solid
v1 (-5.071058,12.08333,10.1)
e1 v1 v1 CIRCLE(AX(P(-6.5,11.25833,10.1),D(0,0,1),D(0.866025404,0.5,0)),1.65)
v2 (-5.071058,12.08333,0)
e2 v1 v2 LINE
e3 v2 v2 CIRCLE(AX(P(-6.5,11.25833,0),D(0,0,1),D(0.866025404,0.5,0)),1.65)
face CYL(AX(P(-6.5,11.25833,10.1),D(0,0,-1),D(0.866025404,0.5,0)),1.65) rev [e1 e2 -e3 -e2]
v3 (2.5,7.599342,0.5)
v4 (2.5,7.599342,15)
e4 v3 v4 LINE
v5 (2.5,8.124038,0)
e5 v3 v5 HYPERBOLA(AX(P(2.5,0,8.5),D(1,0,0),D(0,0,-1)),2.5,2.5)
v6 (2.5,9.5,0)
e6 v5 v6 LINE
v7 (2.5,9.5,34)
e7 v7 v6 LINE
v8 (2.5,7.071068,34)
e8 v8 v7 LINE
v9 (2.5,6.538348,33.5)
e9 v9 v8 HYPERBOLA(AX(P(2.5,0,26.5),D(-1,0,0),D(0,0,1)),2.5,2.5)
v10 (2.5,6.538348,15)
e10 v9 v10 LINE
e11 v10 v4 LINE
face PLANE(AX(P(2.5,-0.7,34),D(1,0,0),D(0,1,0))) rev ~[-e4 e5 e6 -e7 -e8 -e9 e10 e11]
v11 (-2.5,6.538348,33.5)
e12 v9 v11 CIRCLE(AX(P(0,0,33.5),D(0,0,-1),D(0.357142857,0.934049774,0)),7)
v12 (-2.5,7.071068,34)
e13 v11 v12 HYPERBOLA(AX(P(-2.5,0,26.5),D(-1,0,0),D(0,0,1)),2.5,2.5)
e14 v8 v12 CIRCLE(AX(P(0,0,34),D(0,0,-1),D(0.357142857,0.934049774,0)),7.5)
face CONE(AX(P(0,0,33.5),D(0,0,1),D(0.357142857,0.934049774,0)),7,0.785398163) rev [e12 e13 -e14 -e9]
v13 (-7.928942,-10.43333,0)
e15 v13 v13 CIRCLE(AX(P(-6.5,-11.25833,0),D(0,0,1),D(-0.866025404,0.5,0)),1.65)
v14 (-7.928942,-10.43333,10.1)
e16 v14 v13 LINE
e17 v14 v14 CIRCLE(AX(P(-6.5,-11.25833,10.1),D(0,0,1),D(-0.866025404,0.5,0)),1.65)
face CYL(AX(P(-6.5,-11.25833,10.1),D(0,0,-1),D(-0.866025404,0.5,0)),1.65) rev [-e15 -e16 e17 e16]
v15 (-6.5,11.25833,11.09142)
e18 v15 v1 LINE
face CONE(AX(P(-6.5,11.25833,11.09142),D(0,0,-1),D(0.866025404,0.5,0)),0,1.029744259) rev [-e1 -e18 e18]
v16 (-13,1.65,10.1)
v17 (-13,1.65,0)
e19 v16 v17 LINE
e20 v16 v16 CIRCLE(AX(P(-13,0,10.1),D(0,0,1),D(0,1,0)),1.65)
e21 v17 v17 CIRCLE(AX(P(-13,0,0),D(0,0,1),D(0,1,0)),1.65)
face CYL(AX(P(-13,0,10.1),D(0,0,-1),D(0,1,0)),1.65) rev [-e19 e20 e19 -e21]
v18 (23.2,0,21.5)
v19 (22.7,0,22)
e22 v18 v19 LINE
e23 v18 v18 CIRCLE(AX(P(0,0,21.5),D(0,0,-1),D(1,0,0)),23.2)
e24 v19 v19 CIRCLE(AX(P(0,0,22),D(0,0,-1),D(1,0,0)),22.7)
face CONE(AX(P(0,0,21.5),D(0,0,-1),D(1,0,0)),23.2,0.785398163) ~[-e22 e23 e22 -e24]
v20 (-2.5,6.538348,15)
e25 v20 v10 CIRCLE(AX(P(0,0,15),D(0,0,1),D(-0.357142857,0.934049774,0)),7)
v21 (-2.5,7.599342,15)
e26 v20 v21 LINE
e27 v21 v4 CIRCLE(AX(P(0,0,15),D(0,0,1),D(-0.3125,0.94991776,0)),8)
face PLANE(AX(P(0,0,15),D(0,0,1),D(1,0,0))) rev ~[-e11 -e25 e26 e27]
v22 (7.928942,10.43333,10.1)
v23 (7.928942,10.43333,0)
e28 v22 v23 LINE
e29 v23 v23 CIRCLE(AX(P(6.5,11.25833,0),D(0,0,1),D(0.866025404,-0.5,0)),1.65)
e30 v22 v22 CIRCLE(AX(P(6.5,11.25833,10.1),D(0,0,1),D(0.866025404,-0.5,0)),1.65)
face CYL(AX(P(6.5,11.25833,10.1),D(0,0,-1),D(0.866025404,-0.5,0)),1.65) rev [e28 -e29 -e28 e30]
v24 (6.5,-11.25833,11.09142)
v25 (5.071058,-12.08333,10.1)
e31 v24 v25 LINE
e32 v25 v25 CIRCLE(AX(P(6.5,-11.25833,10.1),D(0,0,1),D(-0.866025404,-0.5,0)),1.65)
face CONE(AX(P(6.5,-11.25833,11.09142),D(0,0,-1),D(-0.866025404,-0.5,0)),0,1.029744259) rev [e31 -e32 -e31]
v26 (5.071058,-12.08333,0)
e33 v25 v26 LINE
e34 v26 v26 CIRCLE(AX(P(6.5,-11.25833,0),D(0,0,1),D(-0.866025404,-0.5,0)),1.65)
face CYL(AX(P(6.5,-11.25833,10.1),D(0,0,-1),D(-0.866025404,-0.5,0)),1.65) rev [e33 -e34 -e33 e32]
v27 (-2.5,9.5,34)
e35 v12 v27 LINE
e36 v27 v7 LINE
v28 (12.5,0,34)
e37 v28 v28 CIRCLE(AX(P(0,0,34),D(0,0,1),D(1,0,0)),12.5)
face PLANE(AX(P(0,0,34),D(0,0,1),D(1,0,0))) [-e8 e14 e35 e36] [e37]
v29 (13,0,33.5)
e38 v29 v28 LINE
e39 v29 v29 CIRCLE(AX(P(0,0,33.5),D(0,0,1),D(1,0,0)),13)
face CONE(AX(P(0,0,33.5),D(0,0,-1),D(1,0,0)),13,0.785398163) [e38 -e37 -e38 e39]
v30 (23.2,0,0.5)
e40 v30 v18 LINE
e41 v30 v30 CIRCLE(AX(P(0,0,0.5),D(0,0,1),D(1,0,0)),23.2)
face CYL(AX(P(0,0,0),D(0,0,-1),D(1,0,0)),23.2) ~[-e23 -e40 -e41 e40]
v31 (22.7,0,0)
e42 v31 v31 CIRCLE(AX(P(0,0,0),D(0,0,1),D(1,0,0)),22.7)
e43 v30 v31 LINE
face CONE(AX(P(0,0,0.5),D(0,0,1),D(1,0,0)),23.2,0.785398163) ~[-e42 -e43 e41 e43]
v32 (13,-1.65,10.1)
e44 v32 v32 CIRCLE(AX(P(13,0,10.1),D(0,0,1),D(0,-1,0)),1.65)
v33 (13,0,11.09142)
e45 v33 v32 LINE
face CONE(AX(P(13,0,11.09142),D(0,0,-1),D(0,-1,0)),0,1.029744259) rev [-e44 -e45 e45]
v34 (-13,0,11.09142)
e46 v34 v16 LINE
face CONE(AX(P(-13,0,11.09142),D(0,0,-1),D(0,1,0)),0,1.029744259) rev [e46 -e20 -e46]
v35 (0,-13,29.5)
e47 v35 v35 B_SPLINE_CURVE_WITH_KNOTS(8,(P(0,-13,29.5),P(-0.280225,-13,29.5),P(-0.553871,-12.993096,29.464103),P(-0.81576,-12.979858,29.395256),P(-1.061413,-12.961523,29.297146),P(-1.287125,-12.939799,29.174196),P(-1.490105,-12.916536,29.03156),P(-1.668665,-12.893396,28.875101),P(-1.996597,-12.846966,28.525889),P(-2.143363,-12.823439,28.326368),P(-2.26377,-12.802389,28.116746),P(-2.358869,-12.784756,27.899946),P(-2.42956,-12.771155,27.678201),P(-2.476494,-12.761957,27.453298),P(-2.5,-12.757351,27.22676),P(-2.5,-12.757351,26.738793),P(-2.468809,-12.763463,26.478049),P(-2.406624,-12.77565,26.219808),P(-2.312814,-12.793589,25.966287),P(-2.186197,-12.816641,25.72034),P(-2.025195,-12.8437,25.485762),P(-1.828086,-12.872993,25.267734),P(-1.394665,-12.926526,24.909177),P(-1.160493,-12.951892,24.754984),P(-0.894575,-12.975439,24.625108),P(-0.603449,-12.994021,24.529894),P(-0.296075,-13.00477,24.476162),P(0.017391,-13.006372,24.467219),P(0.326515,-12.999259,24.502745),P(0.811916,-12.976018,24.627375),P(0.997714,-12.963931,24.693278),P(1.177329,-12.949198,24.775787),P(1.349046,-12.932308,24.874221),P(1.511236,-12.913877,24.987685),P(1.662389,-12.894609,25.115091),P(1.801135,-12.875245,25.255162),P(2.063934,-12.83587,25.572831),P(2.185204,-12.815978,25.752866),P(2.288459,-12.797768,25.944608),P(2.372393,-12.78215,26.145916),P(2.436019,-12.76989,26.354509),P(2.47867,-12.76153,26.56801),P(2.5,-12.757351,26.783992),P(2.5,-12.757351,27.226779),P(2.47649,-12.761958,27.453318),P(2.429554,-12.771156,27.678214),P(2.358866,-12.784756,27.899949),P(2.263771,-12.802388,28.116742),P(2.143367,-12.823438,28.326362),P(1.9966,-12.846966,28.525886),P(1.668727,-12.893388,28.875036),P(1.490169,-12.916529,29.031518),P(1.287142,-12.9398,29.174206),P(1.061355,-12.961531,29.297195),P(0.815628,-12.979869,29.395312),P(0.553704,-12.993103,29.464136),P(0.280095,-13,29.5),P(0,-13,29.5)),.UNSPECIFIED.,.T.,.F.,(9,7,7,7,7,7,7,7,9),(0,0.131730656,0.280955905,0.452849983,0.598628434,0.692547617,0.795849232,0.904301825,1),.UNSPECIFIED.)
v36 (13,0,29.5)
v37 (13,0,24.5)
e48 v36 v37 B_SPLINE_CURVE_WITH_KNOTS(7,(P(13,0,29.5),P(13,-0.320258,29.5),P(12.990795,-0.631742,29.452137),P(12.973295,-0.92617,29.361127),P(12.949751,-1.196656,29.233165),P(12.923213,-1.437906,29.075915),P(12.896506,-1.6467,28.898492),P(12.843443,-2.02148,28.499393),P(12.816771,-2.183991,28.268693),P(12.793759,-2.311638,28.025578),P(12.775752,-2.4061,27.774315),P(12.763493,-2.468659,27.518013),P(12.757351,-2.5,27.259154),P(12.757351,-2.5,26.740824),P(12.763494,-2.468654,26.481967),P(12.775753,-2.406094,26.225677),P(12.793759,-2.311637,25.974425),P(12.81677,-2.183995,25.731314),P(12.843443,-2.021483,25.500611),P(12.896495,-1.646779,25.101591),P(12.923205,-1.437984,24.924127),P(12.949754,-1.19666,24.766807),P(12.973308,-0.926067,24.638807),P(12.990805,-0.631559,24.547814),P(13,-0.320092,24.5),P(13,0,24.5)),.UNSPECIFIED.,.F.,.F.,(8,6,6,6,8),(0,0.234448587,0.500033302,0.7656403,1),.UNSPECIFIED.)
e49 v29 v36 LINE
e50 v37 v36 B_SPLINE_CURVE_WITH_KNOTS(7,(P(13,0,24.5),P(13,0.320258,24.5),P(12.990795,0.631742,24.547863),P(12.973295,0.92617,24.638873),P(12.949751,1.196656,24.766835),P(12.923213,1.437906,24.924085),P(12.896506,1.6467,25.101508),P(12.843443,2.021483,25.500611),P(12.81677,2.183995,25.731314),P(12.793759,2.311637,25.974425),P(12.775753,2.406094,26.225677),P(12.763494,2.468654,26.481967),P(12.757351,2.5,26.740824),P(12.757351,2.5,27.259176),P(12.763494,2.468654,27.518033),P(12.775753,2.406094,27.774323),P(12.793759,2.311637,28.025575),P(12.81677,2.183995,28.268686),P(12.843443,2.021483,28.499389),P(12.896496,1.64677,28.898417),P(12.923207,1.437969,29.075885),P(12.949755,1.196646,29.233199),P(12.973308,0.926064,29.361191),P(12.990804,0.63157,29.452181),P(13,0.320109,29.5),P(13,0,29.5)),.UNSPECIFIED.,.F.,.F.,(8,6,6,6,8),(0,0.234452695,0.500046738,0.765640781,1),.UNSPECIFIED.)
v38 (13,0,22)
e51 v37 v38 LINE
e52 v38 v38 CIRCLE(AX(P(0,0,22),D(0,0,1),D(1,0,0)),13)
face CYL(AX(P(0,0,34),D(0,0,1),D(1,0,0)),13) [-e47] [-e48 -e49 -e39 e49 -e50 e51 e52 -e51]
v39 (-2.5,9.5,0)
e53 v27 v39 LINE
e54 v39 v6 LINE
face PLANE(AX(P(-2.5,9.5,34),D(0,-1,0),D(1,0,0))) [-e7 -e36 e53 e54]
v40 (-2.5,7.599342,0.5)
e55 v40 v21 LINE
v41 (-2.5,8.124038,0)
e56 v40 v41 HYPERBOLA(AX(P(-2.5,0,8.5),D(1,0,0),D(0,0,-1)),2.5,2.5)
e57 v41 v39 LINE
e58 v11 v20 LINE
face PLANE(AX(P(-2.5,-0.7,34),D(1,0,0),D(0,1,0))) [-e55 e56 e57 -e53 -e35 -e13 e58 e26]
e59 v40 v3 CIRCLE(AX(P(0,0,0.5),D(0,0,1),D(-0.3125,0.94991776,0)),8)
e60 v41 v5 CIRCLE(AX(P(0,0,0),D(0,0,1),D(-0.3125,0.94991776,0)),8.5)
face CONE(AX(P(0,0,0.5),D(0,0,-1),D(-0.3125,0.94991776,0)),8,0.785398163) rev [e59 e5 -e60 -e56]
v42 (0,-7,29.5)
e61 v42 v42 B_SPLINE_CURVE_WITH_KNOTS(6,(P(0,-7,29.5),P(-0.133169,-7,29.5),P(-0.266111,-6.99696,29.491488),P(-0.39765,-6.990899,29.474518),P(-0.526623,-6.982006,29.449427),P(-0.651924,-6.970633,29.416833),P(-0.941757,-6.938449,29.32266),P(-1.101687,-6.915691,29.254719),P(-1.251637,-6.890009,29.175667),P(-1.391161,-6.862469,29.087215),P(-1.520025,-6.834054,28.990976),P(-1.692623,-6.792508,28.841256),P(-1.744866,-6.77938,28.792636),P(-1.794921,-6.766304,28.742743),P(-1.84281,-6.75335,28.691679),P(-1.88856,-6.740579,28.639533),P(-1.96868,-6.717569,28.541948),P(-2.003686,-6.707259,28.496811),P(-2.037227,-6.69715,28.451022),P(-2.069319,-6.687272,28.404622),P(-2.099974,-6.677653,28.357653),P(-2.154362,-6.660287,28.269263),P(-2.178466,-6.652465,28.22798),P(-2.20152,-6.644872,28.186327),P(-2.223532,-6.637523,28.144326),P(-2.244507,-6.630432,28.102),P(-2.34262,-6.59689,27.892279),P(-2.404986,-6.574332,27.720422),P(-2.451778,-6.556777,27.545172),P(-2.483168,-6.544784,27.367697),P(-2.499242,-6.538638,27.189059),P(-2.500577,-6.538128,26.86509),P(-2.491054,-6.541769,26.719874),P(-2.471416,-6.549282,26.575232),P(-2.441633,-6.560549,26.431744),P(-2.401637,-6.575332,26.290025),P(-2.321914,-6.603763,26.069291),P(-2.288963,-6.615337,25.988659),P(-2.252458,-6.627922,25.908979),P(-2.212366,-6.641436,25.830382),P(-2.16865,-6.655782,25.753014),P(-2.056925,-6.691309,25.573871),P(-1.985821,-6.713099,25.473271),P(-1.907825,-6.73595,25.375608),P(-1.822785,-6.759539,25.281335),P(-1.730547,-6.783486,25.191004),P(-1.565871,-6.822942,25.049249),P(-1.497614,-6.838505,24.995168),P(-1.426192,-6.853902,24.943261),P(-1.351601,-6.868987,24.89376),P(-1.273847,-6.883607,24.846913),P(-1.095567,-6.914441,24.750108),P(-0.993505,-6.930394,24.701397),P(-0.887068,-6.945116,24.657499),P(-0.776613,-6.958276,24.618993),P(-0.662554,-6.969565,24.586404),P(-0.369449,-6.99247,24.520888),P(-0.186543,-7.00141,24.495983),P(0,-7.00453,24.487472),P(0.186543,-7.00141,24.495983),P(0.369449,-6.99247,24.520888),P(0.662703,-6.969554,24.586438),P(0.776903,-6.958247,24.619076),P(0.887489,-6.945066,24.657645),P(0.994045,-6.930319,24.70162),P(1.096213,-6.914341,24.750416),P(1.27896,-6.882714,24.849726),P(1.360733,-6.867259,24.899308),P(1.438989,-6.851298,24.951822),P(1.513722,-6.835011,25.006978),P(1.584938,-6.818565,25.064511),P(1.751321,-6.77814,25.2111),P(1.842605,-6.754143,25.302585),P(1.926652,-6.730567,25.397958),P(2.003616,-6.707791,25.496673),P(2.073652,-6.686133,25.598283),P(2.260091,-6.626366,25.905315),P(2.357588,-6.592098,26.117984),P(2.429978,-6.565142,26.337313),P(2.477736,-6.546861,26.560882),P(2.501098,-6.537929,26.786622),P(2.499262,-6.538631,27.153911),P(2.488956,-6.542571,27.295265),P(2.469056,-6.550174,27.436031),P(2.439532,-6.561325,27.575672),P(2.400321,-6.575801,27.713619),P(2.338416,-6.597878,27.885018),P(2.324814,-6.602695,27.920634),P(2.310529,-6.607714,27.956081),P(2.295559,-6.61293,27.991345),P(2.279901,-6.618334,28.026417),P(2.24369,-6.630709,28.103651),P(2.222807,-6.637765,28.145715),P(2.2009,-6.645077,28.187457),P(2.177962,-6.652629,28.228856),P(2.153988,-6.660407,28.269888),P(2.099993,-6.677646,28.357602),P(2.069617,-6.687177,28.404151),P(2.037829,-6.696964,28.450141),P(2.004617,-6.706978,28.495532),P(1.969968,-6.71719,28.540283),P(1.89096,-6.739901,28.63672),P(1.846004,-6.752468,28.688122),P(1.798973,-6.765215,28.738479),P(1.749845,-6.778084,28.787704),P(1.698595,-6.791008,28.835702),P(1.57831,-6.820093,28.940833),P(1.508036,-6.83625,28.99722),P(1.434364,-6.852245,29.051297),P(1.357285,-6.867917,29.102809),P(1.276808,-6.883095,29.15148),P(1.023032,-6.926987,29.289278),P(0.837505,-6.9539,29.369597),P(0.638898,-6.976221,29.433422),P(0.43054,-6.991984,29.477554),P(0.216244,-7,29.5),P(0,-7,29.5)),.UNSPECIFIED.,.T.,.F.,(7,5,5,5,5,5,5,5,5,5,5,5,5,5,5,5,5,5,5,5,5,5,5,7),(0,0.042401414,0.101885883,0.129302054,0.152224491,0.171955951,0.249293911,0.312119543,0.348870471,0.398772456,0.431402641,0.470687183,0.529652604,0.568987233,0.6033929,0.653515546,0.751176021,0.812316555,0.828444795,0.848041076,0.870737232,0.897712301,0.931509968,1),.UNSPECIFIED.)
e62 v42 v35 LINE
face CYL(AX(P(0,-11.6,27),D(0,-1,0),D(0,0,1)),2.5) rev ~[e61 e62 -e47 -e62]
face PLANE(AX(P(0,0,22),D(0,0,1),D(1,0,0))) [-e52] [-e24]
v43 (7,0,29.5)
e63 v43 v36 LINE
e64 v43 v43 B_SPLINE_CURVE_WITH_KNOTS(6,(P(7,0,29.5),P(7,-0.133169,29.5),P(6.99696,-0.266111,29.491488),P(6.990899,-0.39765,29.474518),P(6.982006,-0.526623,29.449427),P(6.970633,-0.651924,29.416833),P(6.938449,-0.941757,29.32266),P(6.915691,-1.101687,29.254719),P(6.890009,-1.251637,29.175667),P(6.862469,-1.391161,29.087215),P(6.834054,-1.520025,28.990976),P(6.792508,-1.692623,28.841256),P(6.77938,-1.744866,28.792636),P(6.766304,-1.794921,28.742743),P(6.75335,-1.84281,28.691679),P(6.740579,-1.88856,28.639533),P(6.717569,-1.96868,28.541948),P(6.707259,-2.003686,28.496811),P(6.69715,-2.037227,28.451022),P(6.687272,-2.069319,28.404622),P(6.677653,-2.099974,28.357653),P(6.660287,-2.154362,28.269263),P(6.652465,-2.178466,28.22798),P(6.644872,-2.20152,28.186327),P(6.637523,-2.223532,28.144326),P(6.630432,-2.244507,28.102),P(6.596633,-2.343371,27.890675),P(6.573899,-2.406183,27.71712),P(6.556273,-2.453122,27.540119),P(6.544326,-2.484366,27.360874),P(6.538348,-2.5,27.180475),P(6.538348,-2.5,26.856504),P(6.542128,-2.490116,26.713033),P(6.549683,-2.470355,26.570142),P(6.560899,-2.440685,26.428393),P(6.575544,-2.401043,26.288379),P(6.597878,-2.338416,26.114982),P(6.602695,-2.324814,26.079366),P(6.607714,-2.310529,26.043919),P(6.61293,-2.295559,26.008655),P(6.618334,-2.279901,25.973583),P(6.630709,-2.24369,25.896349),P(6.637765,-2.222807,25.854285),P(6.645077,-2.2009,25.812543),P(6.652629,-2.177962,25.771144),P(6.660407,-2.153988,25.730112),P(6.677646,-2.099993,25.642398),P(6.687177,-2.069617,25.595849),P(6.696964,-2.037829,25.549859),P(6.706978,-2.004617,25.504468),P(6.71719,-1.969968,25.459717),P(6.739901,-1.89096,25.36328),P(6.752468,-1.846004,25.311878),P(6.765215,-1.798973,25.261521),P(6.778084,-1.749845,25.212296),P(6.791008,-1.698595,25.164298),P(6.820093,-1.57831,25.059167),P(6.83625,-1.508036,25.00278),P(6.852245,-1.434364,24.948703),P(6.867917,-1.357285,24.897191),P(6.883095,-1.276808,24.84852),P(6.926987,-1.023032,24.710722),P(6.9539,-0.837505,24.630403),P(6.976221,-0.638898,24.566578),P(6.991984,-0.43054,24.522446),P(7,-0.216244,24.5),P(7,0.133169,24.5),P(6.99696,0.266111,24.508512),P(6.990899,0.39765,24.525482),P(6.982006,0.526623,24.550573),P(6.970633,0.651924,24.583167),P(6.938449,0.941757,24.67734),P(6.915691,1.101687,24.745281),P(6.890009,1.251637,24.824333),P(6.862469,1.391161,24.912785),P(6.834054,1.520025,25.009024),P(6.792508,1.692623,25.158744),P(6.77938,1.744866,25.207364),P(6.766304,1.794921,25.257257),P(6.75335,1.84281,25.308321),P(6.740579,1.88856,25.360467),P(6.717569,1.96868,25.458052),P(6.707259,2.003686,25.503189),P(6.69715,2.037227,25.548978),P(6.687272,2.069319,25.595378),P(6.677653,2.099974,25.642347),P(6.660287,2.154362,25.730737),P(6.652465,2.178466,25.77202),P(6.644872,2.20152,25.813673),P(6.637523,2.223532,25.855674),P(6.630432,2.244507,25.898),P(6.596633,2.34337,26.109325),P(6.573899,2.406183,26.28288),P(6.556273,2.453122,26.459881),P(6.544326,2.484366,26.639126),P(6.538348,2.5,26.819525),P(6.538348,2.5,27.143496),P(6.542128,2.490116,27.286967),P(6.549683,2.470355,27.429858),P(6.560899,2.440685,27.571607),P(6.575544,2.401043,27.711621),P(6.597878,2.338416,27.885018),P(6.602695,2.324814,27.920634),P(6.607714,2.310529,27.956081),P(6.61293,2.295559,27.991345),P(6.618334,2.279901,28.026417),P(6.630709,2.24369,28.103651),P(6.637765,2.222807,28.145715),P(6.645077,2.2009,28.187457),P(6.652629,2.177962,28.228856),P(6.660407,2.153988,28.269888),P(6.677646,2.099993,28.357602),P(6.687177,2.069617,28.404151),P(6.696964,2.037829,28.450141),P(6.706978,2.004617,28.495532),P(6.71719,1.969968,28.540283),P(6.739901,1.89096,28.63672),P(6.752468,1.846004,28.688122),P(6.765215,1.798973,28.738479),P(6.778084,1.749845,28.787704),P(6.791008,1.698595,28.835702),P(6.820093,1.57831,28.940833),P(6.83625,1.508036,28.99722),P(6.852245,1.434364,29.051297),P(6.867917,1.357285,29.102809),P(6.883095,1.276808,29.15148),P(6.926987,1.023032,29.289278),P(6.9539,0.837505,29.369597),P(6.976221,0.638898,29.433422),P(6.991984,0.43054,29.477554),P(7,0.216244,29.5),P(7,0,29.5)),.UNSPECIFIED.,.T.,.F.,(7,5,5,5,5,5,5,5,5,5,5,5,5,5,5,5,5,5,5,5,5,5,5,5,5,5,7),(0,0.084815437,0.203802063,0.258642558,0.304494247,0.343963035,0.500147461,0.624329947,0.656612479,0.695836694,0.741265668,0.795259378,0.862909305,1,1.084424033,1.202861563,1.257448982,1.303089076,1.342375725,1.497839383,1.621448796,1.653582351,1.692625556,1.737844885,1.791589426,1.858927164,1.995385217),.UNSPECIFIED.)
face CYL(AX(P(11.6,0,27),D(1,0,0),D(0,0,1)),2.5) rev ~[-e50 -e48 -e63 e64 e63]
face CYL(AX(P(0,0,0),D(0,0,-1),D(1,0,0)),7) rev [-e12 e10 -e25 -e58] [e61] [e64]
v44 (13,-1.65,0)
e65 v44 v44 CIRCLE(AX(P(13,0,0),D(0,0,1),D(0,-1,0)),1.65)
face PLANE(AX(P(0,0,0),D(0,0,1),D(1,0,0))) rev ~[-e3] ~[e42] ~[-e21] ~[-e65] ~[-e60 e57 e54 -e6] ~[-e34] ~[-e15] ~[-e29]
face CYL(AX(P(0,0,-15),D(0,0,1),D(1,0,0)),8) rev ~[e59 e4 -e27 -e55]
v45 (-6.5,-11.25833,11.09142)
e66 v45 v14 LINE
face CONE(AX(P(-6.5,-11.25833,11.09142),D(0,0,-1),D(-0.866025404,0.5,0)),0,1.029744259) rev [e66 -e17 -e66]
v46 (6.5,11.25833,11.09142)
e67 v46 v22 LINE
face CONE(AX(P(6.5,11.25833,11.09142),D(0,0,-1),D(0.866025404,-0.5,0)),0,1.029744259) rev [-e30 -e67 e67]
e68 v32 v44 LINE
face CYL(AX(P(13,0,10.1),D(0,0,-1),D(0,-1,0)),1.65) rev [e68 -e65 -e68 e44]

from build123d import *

# Parameters (mm, degrees)
SKETCH_1_R               = 23.2
SKETCH_1_R_2             = 7
EXTRUDE_1_DEPTH          = 34
SKETCH_2_R               = 34.674614003
SKETCH_2_R_2             = 13
CUT_EXTRUDE_1_DEPTH      = 12
HOLE_WIZARD_1_D          = 16
HOLE_WIZARD_1_DEPTH      = 15
SKETCH_3_W               = 5
SKETCH_3_H               = 10.2
CUT_EXTRUDE_2_DEPTH      = 48.249126976
SKETCH_4_W               = 2.5
SKETCH_4_H               = 23.2
PATTERN_CIRCULAR_2_COUNT = 6
PATTERN_CIRCULAR_1_COUNT = 2
PATTERN_CIRCULAR_1_ANGLE = 90
CHAMFER_1_SIZE           = 0.5


with BuildPart() as part:
    # 草图1 → 凸台-拉伸1 (new body)
    with BuildSketch(Plane.XY):
        Circle(SKETCH_1_R)
        Circle(SKETCH_1_R_2, mode=Mode.SUBTRACT)
    extrude(amount=EXTRUDE_1_DEPTH)

    # 草图2 → 切除-拉伸1 (cut)
    with BuildSketch(Plane.XY.offset(34)):
        Circle(SKETCH_2_R)
        Circle(SKETCH_2_R_2, mode=Mode.SUBTRACT)
    extrude(amount=-CUT_EXTRUDE_1_DEPTH, mode=Mode.SUBTRACT)

    # 孔1
    with Locations(Plane(origin=(0, 0, 0), x_dir=(-1, 0, 0), z_dir=(0, 0, -1))):
        with Locations((0, 0)):
            Hole(HOLE_WIZARD_1_D / 2, depth=HOLE_WIZARD_1_DEPTH)

    # 草图3 → 切除-拉伸2 (cut, through all)
    with BuildSketch(Plane.XY.offset(34)):
        with Locations((0, 4.4)):
            Rectangle(SKETCH_3_W, SKETCH_3_H)
    extrude(amount=-CUT_EXTRUDE_2_DEPTH, mode=Mode.SUBTRACT)

    # 草图4 → M6 螺纹孔1 (revolve, cut)
    with BuildSketch(Plane(origin=(0, 0, 27), x_dir=(0, 0, 1), z_dir=(1, 0, 0))):
        with Locations((1.25, 11.6)):
            Rectangle(SKETCH_4_W, SKETCH_4_H)
    hole_wizard_m6_1 = revolve(axis=Axis((0, 6.35, 27), (0, -1, 0)), mode=Mode.SUBTRACT)

    # 草图8 → M4 螺纹孔1 (revolve, cut)
    with BuildSketch(Plane.YZ.offset(-13)):
        Polygon((0, 0), (0, 11.091420021), (1.65, 10.1), (1.65, 0), align=None)
    hole_wizard_m4_1 = revolve(axis=Axis((-13, 0, -6.35), (0, 0, 1)), mode=Mode.SUBTRACT)

    # 阵列(圆周)2: M4 螺纹孔1 ×6 about axis
    pattern_circular_2_axis = Axis((0, 0, 0), (0, 0, 1))
    for i in range(1, PATTERN_CIRCULAR_2_COUNT):
        add(hole_wizard_m4_1.rotate(pattern_circular_2_axis, i * 360 / PATTERN_CIRCULAR_2_COUNT), mode=Mode.SUBTRACT)

    # 阵列(圆周)1: M6 螺纹孔1 ×2 about axis
    pattern_circular_1_axis = Axis((0, 0, 22), (0, 0, 1))
    for i in range(1, PATTERN_CIRCULAR_1_COUNT):
        add(hole_wizard_m6_1.rotate(pattern_circular_1_axis, i * PATTERN_CIRCULAR_1_ANGLE / (PATTERN_CIRCULAR_1_COUNT - 1)), mode=Mode.SUBTRACT)

    # 倒角1
    chamfer_1_edges = [part.edges().sort_by_distance(p)[0] for p in [
        (-23.2, 0, 22),
        (-13, 0, 34),
        (-23.2, 0, 0),
        (0, -8, 0),
        (0, -7, 34),
    ]]
    chamfer(chamfer_1_edges, length=CHAMFER_1_SIZE)


solid = part.part
